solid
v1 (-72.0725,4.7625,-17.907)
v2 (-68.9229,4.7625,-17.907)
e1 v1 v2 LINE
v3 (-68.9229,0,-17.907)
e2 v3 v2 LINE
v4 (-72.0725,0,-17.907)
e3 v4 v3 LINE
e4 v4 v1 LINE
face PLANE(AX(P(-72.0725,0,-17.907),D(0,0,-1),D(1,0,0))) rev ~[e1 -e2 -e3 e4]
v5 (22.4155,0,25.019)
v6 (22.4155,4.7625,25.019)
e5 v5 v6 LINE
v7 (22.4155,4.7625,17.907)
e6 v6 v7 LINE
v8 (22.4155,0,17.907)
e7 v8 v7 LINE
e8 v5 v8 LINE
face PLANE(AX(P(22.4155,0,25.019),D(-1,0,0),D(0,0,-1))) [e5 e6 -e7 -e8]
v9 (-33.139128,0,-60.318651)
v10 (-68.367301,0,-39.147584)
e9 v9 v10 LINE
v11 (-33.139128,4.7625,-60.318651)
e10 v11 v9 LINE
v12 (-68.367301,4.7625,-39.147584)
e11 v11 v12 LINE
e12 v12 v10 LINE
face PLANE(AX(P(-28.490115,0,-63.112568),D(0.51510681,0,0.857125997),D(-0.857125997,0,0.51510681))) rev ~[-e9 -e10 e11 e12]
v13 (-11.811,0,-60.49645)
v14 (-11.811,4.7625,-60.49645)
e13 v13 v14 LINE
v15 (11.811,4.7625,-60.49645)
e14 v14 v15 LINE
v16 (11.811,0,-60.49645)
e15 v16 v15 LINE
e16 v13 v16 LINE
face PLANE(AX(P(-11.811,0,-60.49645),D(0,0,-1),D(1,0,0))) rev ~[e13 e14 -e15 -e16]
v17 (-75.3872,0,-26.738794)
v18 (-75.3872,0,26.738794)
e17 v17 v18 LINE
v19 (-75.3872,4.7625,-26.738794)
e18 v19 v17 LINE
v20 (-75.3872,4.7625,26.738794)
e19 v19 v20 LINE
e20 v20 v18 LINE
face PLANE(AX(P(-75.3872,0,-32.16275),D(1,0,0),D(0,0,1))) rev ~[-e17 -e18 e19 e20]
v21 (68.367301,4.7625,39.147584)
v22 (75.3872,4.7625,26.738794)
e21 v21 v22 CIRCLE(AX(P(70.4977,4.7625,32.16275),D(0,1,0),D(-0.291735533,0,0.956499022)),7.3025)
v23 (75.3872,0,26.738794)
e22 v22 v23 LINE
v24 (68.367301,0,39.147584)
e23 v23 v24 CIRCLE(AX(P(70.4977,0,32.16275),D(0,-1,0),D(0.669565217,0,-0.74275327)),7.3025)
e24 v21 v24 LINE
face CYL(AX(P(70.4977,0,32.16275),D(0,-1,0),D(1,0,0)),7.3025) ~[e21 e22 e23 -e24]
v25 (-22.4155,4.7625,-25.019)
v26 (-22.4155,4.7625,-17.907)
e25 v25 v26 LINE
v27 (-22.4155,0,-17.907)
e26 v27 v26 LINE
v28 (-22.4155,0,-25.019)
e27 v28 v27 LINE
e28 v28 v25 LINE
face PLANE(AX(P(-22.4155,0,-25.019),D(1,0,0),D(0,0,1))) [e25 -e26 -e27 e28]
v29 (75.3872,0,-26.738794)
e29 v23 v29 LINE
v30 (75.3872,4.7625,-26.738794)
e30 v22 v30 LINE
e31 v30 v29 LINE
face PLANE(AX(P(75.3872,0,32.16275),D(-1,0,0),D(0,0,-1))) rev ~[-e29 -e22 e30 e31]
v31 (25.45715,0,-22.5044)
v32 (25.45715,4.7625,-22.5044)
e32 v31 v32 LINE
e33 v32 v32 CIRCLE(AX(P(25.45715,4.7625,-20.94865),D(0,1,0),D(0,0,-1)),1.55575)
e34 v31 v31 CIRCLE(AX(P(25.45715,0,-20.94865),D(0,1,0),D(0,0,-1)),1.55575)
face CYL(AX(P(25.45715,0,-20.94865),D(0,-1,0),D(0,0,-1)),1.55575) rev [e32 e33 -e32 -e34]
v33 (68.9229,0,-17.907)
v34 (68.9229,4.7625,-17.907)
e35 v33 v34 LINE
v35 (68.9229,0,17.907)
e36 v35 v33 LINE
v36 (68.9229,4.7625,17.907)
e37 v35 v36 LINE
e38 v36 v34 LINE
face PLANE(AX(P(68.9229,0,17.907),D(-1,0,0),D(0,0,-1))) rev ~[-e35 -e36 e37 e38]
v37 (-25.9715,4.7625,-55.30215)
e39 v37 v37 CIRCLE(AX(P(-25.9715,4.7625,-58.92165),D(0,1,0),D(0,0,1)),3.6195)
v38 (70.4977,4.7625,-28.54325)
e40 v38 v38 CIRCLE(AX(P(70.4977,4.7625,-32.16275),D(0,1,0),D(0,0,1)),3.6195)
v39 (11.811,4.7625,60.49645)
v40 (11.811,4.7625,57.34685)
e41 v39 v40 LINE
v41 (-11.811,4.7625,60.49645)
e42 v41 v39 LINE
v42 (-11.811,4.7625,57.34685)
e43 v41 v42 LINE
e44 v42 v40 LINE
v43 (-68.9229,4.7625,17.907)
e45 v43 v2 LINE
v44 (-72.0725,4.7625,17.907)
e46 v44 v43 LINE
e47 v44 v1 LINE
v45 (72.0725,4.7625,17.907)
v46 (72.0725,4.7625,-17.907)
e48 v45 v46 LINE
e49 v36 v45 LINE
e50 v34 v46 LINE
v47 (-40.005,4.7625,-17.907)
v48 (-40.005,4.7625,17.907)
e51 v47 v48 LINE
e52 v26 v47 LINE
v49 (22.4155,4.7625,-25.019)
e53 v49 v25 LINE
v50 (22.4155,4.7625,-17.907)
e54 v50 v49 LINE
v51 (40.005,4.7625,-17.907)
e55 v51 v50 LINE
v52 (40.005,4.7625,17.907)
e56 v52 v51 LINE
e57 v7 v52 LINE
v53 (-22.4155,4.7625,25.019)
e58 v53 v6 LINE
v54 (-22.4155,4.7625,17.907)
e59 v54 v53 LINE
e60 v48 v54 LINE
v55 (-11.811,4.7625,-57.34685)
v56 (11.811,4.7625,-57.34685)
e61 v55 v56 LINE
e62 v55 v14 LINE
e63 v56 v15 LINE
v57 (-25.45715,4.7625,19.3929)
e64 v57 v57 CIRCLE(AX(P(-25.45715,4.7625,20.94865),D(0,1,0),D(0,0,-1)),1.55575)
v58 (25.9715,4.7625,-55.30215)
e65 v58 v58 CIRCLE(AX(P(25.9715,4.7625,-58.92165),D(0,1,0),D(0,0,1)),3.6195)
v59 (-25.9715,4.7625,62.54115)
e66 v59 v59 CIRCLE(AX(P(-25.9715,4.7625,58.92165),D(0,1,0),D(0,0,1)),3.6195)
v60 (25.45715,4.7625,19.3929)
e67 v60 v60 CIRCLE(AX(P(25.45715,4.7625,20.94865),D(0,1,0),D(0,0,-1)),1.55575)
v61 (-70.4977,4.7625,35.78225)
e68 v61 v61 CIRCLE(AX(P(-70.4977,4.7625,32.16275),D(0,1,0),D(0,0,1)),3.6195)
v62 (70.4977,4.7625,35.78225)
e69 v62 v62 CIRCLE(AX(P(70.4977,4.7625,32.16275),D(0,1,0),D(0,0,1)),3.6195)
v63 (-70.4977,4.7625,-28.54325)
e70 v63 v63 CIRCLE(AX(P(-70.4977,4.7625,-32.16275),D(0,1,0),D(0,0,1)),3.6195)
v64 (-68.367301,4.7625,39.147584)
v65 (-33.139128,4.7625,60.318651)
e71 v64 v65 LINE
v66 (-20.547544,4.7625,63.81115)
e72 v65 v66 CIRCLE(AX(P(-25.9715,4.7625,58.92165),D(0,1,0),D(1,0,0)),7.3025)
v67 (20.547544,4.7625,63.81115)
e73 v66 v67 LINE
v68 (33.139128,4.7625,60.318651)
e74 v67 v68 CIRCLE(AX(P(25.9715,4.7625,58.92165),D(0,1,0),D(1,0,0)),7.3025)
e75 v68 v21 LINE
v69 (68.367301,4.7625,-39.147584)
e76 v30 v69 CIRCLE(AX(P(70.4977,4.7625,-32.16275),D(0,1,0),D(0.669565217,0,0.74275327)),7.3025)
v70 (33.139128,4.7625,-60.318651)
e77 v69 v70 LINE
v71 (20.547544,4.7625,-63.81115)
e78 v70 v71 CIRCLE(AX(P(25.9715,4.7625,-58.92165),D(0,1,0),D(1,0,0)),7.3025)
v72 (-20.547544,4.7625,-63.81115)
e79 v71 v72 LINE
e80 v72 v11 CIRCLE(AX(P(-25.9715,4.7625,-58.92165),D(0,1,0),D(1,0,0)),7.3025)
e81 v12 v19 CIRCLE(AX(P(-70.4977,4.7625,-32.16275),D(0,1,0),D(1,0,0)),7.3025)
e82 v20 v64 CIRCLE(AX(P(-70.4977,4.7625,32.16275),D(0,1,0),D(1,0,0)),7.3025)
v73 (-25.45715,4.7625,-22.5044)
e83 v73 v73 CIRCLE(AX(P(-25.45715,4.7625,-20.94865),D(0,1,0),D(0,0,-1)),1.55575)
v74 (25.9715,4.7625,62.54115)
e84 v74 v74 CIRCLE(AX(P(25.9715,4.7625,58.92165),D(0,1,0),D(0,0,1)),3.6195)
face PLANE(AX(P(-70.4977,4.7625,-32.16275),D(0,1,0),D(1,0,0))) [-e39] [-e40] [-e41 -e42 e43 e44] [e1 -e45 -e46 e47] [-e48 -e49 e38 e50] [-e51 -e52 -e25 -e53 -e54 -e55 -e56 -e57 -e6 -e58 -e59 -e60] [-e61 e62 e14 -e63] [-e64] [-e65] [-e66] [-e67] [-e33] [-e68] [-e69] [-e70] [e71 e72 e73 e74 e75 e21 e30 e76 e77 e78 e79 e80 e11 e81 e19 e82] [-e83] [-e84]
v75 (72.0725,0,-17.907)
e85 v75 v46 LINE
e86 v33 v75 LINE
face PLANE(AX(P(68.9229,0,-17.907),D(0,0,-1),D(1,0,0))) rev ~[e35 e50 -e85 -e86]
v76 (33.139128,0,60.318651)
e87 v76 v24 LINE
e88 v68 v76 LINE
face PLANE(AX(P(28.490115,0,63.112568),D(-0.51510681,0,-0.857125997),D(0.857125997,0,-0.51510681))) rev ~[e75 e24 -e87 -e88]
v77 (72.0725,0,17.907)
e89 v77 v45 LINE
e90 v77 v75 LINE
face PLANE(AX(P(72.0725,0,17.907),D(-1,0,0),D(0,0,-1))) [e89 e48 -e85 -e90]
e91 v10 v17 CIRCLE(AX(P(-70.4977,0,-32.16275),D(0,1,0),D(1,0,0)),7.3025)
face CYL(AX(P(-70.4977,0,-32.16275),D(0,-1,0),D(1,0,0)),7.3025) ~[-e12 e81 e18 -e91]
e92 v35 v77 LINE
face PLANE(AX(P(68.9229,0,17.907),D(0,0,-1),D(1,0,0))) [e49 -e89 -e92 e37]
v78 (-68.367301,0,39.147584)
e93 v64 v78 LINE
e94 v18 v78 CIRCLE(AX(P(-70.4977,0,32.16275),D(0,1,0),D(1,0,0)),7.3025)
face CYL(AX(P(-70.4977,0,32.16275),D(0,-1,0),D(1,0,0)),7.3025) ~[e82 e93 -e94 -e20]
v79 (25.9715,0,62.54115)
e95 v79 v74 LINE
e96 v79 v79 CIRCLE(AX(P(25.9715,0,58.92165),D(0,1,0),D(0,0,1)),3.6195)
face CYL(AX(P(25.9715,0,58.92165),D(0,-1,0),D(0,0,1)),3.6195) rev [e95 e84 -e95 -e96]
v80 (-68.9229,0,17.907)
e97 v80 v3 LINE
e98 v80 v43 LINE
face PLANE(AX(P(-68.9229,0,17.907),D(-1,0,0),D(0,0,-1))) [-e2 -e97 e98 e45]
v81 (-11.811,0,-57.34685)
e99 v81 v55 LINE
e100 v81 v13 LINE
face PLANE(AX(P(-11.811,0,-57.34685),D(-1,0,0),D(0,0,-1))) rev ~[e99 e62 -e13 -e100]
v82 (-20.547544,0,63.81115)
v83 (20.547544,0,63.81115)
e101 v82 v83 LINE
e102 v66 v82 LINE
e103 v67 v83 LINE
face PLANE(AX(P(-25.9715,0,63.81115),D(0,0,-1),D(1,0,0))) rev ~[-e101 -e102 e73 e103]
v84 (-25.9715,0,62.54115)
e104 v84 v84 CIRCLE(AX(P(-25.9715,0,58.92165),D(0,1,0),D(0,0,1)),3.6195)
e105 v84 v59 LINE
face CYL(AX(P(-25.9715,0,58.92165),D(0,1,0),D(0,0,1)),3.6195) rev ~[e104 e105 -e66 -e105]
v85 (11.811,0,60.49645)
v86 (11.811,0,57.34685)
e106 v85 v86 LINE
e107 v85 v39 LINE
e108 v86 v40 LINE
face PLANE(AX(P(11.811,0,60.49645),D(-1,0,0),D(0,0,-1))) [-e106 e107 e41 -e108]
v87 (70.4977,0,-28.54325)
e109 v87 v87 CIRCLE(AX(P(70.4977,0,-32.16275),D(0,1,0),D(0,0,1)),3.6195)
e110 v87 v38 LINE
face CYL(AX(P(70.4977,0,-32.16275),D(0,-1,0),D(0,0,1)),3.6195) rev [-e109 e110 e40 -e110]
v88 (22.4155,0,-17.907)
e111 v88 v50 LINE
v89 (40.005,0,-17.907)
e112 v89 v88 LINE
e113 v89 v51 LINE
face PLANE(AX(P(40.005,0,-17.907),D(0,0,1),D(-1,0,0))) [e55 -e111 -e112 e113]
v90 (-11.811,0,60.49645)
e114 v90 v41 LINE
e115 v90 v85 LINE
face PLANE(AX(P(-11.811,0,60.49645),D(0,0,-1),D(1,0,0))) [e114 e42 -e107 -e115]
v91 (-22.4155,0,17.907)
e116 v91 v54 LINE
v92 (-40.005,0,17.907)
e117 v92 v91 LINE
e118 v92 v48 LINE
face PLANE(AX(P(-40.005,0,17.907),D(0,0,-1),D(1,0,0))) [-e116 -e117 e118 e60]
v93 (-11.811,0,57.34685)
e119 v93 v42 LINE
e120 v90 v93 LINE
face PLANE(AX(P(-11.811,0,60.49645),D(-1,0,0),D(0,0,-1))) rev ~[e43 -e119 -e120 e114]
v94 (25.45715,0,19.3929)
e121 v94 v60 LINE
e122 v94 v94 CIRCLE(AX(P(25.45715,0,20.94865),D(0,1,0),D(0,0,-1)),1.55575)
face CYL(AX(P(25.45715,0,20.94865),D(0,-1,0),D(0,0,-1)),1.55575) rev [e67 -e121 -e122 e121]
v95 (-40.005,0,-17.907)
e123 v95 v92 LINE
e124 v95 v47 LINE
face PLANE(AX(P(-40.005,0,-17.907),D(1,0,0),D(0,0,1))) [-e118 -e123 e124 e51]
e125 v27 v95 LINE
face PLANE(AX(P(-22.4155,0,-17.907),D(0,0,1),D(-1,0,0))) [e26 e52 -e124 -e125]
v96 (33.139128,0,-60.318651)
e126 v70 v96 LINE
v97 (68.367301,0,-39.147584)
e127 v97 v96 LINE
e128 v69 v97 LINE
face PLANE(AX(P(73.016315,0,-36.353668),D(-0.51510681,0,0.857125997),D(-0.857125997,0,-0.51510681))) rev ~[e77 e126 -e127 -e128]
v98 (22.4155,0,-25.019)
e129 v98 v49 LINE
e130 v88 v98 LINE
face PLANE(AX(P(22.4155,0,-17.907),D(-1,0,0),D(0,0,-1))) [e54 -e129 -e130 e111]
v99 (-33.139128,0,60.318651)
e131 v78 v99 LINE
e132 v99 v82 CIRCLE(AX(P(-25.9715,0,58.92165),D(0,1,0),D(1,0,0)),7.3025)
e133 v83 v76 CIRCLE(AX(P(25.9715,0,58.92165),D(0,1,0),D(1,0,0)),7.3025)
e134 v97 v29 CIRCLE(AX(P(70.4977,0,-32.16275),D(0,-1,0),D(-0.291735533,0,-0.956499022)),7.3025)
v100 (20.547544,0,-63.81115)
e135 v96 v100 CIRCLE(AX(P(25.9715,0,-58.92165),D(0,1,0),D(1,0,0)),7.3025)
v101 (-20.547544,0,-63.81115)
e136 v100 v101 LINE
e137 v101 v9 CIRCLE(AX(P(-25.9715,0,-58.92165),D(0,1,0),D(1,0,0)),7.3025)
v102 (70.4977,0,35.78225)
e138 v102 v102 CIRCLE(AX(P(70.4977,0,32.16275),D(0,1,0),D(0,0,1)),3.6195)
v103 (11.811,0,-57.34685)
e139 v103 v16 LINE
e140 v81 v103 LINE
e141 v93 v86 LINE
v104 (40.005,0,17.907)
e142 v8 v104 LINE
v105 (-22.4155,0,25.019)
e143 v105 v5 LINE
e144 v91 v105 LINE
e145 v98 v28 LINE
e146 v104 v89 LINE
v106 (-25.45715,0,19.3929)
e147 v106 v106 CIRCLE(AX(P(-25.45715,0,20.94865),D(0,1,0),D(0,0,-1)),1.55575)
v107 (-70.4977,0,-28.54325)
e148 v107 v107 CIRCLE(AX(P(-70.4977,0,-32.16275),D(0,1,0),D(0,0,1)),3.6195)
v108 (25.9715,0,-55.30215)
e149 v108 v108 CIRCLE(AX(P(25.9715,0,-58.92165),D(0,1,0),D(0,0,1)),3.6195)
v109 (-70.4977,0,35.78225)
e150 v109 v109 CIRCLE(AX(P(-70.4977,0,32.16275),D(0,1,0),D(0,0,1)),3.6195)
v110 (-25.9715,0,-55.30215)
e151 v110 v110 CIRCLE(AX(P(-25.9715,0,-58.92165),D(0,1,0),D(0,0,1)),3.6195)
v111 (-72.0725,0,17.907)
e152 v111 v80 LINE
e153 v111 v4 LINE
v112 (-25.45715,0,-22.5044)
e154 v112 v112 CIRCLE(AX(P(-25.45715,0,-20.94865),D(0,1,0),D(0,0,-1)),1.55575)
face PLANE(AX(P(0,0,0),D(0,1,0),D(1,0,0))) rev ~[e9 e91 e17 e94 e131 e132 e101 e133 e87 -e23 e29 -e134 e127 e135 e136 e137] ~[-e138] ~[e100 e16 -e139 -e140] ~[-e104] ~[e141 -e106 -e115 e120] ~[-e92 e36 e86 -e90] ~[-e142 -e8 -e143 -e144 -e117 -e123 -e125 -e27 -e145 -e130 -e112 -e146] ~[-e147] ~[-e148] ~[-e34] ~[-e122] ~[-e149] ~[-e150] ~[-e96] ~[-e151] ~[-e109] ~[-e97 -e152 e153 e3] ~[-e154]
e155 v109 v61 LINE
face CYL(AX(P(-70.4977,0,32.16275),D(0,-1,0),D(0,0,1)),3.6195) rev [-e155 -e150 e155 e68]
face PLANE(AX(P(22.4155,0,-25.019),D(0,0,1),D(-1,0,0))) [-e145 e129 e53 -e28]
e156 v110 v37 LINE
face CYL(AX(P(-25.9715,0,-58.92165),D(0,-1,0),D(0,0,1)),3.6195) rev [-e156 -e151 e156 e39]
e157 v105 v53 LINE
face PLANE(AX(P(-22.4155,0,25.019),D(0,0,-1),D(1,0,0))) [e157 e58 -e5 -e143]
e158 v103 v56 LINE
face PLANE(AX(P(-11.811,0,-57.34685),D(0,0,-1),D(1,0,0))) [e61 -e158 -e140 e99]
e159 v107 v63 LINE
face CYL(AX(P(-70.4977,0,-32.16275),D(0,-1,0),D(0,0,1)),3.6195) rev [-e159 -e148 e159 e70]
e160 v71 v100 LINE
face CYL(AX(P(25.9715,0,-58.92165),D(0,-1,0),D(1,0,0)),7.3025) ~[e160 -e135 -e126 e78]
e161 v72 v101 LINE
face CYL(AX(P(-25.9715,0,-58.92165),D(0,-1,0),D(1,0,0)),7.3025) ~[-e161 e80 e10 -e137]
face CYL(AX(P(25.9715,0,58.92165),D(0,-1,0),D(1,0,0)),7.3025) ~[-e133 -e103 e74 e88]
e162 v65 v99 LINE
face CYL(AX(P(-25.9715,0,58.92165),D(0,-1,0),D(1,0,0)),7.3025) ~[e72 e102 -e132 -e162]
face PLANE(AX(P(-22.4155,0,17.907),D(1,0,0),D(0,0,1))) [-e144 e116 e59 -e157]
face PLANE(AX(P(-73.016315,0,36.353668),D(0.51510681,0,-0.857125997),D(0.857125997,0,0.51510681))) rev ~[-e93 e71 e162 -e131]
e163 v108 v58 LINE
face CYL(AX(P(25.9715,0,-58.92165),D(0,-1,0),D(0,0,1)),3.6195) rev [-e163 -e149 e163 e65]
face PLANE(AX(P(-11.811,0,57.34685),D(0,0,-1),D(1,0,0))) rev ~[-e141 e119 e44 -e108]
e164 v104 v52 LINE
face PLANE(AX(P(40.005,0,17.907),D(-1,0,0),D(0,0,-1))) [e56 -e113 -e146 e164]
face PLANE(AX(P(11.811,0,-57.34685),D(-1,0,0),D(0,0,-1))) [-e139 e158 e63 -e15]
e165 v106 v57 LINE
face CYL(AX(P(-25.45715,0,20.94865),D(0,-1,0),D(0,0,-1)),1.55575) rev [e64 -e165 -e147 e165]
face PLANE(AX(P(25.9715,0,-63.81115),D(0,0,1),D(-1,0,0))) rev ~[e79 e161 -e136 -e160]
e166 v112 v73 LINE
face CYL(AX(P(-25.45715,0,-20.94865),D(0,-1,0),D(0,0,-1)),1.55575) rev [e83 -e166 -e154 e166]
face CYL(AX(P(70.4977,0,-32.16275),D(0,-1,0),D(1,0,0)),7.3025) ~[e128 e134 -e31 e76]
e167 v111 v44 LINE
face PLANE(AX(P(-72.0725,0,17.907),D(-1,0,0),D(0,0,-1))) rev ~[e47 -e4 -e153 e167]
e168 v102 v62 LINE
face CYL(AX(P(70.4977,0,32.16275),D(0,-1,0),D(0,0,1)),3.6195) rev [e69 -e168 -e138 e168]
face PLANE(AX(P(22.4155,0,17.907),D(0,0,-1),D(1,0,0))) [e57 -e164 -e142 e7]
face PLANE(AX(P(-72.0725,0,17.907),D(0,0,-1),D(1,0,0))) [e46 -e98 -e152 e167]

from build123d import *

# Parameters (mm, degrees)
SKETCH1_W           = 23.622
SKETCH1_H           = 3.1496
SKETCH1_R           = 1.55575
SKETCH1_W_2         = 3.1496
SKETCH1_H_2         = 35.814
BOSS_EXTRUDE2_DEPTH = 4.7625
SKETCH1_4_R         = 3.6195
CUT_EXTRUDE1_DEPTH  = 4.7625


with BuildPart() as part:
    # Sketch1 → Boss-Extrude2 (new body)
    with BuildSketch(Plane(origin=(0, 0, 0), x_dir=(1, 0, 0), z_dir=(0, 1, 0))):
        with BuildLine():
            ThreePointArc((-68.367301266, 39.147584106), (-76.853616644, 35.758418209), (-75.3872, 26.738794248))
            Line((-75.3872, 26.738794248), (-75.3872, -26.738794248))
            ThreePointArc((-75.3872, -26.738794248), (-76.853616644, -35.758418209), (-68.367301266, -39.147584106))
            Line((-68.367301266, -39.147584106), (-33.139128227, -60.318651017))
            ThreePointArc((-33.139128227, -60.318651017), (-27.923290386, -65.958483133), (-20.547544248, -63.81115))
            Line((-20.547544248, -63.81115), (20.547544248, -63.81115))
            ThreePointArc((20.547544248, -63.81115), (27.923290386, -65.958483133), (33.139128227, -60.318651017))
            Line((33.139128227, -60.318651017), (68.367301266, -39.147584106))
            ThreePointArc((68.367301266, -39.147584106), (76.853616644, -35.758418209), (75.3872, -26.738794248))
            Line((75.3872, -26.738794248), (75.3872, 26.738794248))
            ThreePointArc((75.3872, 26.738794248), (76.853616644, 35.758418209), (68.367301266, 39.147584106))
            Line((68.367301266, 39.147584106), (33.139128227, 60.318651017))
            ThreePointArc((33.139128227, 60.318651017), (27.923290386, 65.958483133), (20.547544248, 63.81115))
            Line((20.547544248, 63.81115), (-20.547544248, 63.81115))
            ThreePointArc((-20.547544248, 63.81115), (-27.923290386, 65.958483133), (-33.139128227, 60.318651017))
            Line((-33.139128227, 60.318651017), (-68.367301266, 39.147584106))
        make_face()
        with Locations((0, 58.92165)):
            Rectangle(SKETCH1_W, SKETCH1_H, mode=Mode.SUBTRACT)
        with Locations((-25.45715, -20.94865)):
            Circle(SKETCH1_R, mode=Mode.SUBTRACT)
        with Locations((0, -58.92165)):
            Rectangle(SKETCH1_W, SKETCH1_H, mode=Mode.SUBTRACT)
        with Locations((25.45715, -20.94865)):
            Circle(SKETCH1_R, mode=Mode.SUBTRACT)
        with Locations((-70.4977, 0)):
            Rectangle(SKETCH1_W_2, SKETCH1_H_2, mode=Mode.SUBTRACT)
        with Locations((-25.45715, 20.94865)):
            Circle(SKETCH1_R, mode=Mode.SUBTRACT)
        Polygon((-40.005, -17.907), (-40.005, 17.907), (-22.4155, 17.907), (-22.4155, 25.019), (22.4155, 25.019), (22.4155, 17.907), (40.005, 17.907), (40.005, -17.907), (22.4155, -17.907), (22.4155, -25.019), (-22.4155, -25.019), (-22.4155, -17.907), align=None, mode=Mode.SUBTRACT)
        with Locations((25.45715, 20.94865)):
            Circle(SKETCH1_R, mode=Mode.SUBTRACT)
        with Locations((70.4977, 0)):
            Rectangle(SKETCH1_W_2, SKETCH1_H_2, mode=Mode.SUBTRACT)
    extrude(amount=BOSS_EXTRUDE2_DEPTH)

    # Sketch1<4> → Cut-Extrude1 (cut, symmetric)
    with BuildSketch(Plane(origin=(0, 0, 0), x_dir=(1, 0, 0), z_dir=(0, 1, 0))):
        with Locations((25.9715, -58.92165)):
            Circle(SKETCH1_4_R)
        with Locations((-70.4977, 32.16275)):
            Circle(SKETCH1_4_R)
        with Locations((-70.4977, -32.16275)):
            Circle(SKETCH1_4_R)
        with Locations((70.4977, 32.16275)):
            Circle(SKETCH1_4_R)
        with Locations((70.4977, -32.16275)):
            Circle(SKETCH1_4_R)
        with Locations((25.9715, 58.92165)):
            Circle(SKETCH1_4_R)
        with Locations((-25.9715, 58.92165)):
            Circle(SKETCH1_4_R)
        with Locations((-25.9715, -58.92165)):
            Circle(SKETCH1_4_R)
    extrude(amount=CUT_EXTRUDE1_DEPTH, both=True, mode=Mode.SUBTRACT)


solid = part.part
